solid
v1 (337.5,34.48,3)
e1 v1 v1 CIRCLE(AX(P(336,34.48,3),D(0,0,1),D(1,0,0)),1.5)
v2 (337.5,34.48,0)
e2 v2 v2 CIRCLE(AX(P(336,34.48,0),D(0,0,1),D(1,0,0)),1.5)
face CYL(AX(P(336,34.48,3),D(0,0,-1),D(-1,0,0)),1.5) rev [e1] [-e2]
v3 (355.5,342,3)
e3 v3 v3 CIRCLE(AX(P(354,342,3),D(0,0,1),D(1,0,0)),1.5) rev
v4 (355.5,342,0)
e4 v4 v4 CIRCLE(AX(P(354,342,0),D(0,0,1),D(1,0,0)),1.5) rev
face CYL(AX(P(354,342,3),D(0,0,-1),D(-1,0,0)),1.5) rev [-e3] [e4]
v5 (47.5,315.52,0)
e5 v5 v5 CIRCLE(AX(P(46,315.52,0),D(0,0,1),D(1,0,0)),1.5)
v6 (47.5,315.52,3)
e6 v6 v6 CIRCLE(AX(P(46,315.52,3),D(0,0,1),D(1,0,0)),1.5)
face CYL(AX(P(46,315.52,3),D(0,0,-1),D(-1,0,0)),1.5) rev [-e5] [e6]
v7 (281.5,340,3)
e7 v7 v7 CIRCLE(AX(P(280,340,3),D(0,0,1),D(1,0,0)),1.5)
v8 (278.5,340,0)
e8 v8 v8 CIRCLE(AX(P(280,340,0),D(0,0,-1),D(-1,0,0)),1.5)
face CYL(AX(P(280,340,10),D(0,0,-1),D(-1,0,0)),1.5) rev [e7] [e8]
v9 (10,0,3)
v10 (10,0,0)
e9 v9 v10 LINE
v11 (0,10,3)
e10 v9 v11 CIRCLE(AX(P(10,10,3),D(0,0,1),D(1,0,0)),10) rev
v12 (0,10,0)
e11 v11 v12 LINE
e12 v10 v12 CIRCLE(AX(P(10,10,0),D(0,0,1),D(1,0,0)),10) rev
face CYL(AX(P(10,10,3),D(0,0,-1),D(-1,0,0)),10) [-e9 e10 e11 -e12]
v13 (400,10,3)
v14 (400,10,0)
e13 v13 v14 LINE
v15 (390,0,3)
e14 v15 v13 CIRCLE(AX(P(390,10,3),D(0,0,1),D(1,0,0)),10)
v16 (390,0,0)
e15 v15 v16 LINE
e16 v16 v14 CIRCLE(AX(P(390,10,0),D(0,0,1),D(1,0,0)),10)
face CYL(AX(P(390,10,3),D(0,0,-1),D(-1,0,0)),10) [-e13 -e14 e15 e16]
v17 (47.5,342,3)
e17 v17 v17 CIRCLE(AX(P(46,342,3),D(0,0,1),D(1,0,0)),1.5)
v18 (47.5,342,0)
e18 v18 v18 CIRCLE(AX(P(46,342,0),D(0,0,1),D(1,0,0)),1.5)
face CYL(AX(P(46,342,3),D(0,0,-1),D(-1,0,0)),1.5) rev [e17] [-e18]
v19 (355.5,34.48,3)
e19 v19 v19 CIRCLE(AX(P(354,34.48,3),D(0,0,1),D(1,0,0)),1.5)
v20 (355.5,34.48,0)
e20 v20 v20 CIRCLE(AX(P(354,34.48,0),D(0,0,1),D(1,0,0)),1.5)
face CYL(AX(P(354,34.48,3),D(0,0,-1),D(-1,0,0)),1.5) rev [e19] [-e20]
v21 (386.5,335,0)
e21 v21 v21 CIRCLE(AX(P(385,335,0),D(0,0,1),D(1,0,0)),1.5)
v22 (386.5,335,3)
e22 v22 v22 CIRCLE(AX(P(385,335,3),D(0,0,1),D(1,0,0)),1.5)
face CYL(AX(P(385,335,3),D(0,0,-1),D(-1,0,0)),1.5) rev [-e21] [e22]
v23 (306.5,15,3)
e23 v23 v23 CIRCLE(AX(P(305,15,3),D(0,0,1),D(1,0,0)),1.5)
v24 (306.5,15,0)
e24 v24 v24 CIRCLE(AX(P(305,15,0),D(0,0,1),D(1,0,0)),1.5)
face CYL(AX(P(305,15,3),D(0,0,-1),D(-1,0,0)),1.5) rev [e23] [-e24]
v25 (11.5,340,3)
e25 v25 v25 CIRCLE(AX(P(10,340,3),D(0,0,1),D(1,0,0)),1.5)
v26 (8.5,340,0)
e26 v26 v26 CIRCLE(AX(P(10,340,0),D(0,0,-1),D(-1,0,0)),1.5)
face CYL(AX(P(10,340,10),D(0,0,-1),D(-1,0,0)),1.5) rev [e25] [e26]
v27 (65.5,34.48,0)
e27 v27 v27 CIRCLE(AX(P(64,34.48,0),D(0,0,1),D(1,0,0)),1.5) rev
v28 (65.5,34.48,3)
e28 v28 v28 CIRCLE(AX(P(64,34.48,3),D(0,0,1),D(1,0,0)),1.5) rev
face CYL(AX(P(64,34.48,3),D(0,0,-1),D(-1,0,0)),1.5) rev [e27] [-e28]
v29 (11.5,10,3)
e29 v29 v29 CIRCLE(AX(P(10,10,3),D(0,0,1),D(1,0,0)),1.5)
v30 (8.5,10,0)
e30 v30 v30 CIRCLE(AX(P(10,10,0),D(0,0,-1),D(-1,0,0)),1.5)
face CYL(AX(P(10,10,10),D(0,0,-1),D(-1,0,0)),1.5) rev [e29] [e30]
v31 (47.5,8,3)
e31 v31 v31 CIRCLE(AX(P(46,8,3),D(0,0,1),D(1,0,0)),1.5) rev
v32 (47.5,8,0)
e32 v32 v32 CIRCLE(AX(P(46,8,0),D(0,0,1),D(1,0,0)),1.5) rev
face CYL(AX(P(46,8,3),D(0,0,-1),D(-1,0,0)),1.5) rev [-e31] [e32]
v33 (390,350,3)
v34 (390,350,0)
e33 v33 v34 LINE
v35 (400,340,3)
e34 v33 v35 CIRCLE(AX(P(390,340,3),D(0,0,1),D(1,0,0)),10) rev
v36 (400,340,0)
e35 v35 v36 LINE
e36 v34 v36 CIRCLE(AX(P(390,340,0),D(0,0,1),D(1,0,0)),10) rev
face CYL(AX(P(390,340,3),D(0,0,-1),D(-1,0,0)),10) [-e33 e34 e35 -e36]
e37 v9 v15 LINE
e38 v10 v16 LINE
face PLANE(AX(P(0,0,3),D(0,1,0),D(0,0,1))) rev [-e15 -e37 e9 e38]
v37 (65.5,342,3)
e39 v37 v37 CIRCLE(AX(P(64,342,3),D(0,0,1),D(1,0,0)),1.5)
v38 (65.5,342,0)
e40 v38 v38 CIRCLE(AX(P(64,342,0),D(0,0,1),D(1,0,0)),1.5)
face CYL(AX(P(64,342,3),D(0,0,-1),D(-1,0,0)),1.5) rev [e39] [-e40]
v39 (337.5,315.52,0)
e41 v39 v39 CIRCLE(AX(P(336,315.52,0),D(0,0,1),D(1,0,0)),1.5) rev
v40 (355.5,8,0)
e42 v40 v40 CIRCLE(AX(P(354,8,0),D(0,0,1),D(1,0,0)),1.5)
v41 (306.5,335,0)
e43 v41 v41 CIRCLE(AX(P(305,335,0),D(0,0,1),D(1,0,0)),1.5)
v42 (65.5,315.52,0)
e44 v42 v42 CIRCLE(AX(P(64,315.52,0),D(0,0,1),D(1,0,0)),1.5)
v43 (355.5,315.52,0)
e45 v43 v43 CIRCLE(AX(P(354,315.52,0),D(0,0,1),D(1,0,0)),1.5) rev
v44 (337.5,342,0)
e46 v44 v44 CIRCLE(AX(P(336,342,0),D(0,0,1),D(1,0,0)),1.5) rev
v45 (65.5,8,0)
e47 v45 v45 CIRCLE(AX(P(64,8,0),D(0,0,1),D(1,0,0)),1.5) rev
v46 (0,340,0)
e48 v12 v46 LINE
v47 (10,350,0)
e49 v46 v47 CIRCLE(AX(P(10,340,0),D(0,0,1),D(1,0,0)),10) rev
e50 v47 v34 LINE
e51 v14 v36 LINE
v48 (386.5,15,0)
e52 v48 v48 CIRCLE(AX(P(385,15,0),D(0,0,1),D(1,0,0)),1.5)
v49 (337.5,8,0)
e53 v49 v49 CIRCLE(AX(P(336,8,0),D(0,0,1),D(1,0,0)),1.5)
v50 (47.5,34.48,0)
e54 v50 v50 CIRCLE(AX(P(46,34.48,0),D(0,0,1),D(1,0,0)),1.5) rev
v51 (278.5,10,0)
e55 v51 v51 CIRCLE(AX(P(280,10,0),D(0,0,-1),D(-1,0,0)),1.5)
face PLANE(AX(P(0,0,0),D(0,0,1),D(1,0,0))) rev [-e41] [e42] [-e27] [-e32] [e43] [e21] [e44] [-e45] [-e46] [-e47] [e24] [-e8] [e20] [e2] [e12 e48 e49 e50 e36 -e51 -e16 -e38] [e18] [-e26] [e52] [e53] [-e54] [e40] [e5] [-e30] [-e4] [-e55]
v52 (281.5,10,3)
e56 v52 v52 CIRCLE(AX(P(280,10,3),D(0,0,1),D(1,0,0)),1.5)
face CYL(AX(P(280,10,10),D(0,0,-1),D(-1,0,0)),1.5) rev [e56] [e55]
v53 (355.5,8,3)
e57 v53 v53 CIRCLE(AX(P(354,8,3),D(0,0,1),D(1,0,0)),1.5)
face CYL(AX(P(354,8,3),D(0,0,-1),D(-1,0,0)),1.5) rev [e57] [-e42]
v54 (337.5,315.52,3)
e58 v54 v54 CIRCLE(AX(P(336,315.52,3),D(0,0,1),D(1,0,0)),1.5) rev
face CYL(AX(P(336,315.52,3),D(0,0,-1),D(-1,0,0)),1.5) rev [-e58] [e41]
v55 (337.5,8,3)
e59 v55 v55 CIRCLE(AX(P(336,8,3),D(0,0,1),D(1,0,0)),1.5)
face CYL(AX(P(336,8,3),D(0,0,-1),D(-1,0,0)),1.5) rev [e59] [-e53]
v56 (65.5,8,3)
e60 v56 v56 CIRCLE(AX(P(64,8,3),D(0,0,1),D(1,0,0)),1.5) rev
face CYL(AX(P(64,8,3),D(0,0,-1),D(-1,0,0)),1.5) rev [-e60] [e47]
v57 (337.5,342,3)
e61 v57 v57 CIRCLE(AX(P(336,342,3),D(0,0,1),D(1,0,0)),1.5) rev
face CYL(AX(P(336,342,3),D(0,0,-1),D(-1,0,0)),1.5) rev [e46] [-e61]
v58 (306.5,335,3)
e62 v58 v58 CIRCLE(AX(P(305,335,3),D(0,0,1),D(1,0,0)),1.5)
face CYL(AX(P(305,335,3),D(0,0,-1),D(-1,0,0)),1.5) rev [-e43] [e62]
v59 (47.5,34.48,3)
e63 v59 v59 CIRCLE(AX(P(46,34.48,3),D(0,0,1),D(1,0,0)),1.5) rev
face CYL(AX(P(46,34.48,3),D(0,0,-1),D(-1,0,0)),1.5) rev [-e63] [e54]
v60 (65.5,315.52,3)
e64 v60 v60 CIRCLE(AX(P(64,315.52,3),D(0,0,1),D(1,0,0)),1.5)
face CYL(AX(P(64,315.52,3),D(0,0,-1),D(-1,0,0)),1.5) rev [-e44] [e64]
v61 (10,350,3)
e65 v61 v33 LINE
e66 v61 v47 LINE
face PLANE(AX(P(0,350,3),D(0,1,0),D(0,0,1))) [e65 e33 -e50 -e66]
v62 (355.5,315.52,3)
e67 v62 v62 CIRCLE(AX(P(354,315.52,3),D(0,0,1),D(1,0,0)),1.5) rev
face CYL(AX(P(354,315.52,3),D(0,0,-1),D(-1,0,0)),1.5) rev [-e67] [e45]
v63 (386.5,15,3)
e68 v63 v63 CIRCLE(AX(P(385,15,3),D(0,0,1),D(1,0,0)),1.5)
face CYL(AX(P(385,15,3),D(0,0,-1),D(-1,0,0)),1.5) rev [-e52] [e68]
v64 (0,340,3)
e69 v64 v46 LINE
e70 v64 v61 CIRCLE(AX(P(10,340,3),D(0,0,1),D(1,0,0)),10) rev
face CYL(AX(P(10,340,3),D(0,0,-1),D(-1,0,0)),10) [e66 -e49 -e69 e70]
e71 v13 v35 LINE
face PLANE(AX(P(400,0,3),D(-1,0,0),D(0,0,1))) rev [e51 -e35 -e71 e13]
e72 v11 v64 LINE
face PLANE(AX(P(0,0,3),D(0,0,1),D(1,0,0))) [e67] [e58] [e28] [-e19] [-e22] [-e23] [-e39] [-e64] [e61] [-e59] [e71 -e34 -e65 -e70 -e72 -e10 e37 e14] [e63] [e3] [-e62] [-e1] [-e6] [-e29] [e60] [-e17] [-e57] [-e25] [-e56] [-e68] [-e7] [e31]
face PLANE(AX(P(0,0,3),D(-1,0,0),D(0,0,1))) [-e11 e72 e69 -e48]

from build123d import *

# Parameters (mm, degrees)
ESQUISSE1_R             = 1.5
BOSS_EXTRU_2_DEPTH      = 3
ESQUISSE2_R             = 1.5
ENL_V_MAT_EXTRU_1_DEPTH = 10


with BuildPart() as part:
    # Esquisse1 → Boss.-Extru.2 (new body)
    with BuildSketch(Plane.XY):
        with BuildLine():
            Line((10, 0), (390, 0))
            ThreePointArc((390, 0), (397.071067812, 2.928932188), (400, 10))
            Line((400, 10), (400, 340))
            ThreePointArc((400, 340), (397.071067812, 347.071067812), (390, 350))
            Line((390, 350), (10, 350))
            ThreePointArc((10, 350), (2.928932188, 347.071067812), (0, 340))
            Line((0, 340), (0, 10))
            ThreePointArc((0, 10), (2.928932188, 2.928932188), (10, 0))
        make_face()
        with Locations((385, 15)):
            Circle(ESQUISSE1_R, mode=Mode.SUBTRACT)
        with Locations((305, 15)):
            Circle(ESQUISSE1_R, mode=Mode.SUBTRACT)
        with Locations((305, 335)):
            Circle(ESQUISSE1_R, mode=Mode.SUBTRACT)
        with Locations((385, 335)):
            Circle(ESQUISSE1_R, mode=Mode.SUBTRACT)
        with Locations((354, 8)):
            Circle(ESQUISSE1_R, mode=Mode.SUBTRACT)
        with Locations((336, 8)):
            Circle(ESQUISSE1_R, mode=Mode.SUBTRACT)
        with Locations((336, 34.48)):
            Circle(ESQUISSE1_R, mode=Mode.SUBTRACT)
        with Locations((354, 34.48)):
            Circle(ESQUISSE1_R, mode=Mode.SUBTRACT)
        with Locations((336, 342)):
            Circle(ESQUISSE1_R, mode=Mode.SUBTRACT)
        with Locations((336, 315.52)):
            Circle(ESQUISSE1_R, mode=Mode.SUBTRACT)
        with Locations((354, 315.52)):
            Circle(ESQUISSE1_R, mode=Mode.SUBTRACT)
        with Locations((354, 342)):
            Circle(ESQUISSE1_R, mode=Mode.SUBTRACT)
        with Locations((64, 34.48)):
            Circle(ESQUISSE1_R, mode=Mode.SUBTRACT)
        with Locations((46, 34.48)):
            Circle(ESQUISSE1_R, mode=Mode.SUBTRACT)
        with Locations((46, 8)):
            Circle(ESQUISSE1_R, mode=Mode.SUBTRACT)
        with Locations((64, 8)):
            Circle(ESQUISSE1_R, mode=Mode.SUBTRACT)
        with Locations((46, 315.52)):
            Circle(ESQUISSE1_R, mode=Mode.SUBTRACT)
        with Locations((46, 342)):
            Circle(ESQUISSE1_R, mode=Mode.SUBTRACT)
        with Locations((64, 342)):
            Circle(ESQUISSE1_R, mode=Mode.SUBTRACT)
        with Locations((64, 315.52)):
            Circle(ESQUISSE1_R, mode=Mode.SUBTRACT)
    extrude(amount=BOSS_EXTRU_2_DEPTH)

    # Esquisse2 → Enlèv. mat.-Extru.1 (cut)
    with BuildSketch(Plane(origin=(0, 0, 0), x_dir=(-1, 0, 0), z_dir=(0, 0, -1))):
        with Locations((-10, 10)):
            Circle(ESQUISSE2_R)
        with Locations((-10, 340)):
            Circle(ESQUISSE2_R)
        with Locations((-280, 340)):
            Circle(ESQUISSE2_R)
        with Locations((-280, 10)):
            Circle(ESQUISSE2_R)
    extrude(amount=-ENL_V_MAT_EXTRU_1_DEPTH, mode=Mode.SUBTRACT)


solid = part.part
